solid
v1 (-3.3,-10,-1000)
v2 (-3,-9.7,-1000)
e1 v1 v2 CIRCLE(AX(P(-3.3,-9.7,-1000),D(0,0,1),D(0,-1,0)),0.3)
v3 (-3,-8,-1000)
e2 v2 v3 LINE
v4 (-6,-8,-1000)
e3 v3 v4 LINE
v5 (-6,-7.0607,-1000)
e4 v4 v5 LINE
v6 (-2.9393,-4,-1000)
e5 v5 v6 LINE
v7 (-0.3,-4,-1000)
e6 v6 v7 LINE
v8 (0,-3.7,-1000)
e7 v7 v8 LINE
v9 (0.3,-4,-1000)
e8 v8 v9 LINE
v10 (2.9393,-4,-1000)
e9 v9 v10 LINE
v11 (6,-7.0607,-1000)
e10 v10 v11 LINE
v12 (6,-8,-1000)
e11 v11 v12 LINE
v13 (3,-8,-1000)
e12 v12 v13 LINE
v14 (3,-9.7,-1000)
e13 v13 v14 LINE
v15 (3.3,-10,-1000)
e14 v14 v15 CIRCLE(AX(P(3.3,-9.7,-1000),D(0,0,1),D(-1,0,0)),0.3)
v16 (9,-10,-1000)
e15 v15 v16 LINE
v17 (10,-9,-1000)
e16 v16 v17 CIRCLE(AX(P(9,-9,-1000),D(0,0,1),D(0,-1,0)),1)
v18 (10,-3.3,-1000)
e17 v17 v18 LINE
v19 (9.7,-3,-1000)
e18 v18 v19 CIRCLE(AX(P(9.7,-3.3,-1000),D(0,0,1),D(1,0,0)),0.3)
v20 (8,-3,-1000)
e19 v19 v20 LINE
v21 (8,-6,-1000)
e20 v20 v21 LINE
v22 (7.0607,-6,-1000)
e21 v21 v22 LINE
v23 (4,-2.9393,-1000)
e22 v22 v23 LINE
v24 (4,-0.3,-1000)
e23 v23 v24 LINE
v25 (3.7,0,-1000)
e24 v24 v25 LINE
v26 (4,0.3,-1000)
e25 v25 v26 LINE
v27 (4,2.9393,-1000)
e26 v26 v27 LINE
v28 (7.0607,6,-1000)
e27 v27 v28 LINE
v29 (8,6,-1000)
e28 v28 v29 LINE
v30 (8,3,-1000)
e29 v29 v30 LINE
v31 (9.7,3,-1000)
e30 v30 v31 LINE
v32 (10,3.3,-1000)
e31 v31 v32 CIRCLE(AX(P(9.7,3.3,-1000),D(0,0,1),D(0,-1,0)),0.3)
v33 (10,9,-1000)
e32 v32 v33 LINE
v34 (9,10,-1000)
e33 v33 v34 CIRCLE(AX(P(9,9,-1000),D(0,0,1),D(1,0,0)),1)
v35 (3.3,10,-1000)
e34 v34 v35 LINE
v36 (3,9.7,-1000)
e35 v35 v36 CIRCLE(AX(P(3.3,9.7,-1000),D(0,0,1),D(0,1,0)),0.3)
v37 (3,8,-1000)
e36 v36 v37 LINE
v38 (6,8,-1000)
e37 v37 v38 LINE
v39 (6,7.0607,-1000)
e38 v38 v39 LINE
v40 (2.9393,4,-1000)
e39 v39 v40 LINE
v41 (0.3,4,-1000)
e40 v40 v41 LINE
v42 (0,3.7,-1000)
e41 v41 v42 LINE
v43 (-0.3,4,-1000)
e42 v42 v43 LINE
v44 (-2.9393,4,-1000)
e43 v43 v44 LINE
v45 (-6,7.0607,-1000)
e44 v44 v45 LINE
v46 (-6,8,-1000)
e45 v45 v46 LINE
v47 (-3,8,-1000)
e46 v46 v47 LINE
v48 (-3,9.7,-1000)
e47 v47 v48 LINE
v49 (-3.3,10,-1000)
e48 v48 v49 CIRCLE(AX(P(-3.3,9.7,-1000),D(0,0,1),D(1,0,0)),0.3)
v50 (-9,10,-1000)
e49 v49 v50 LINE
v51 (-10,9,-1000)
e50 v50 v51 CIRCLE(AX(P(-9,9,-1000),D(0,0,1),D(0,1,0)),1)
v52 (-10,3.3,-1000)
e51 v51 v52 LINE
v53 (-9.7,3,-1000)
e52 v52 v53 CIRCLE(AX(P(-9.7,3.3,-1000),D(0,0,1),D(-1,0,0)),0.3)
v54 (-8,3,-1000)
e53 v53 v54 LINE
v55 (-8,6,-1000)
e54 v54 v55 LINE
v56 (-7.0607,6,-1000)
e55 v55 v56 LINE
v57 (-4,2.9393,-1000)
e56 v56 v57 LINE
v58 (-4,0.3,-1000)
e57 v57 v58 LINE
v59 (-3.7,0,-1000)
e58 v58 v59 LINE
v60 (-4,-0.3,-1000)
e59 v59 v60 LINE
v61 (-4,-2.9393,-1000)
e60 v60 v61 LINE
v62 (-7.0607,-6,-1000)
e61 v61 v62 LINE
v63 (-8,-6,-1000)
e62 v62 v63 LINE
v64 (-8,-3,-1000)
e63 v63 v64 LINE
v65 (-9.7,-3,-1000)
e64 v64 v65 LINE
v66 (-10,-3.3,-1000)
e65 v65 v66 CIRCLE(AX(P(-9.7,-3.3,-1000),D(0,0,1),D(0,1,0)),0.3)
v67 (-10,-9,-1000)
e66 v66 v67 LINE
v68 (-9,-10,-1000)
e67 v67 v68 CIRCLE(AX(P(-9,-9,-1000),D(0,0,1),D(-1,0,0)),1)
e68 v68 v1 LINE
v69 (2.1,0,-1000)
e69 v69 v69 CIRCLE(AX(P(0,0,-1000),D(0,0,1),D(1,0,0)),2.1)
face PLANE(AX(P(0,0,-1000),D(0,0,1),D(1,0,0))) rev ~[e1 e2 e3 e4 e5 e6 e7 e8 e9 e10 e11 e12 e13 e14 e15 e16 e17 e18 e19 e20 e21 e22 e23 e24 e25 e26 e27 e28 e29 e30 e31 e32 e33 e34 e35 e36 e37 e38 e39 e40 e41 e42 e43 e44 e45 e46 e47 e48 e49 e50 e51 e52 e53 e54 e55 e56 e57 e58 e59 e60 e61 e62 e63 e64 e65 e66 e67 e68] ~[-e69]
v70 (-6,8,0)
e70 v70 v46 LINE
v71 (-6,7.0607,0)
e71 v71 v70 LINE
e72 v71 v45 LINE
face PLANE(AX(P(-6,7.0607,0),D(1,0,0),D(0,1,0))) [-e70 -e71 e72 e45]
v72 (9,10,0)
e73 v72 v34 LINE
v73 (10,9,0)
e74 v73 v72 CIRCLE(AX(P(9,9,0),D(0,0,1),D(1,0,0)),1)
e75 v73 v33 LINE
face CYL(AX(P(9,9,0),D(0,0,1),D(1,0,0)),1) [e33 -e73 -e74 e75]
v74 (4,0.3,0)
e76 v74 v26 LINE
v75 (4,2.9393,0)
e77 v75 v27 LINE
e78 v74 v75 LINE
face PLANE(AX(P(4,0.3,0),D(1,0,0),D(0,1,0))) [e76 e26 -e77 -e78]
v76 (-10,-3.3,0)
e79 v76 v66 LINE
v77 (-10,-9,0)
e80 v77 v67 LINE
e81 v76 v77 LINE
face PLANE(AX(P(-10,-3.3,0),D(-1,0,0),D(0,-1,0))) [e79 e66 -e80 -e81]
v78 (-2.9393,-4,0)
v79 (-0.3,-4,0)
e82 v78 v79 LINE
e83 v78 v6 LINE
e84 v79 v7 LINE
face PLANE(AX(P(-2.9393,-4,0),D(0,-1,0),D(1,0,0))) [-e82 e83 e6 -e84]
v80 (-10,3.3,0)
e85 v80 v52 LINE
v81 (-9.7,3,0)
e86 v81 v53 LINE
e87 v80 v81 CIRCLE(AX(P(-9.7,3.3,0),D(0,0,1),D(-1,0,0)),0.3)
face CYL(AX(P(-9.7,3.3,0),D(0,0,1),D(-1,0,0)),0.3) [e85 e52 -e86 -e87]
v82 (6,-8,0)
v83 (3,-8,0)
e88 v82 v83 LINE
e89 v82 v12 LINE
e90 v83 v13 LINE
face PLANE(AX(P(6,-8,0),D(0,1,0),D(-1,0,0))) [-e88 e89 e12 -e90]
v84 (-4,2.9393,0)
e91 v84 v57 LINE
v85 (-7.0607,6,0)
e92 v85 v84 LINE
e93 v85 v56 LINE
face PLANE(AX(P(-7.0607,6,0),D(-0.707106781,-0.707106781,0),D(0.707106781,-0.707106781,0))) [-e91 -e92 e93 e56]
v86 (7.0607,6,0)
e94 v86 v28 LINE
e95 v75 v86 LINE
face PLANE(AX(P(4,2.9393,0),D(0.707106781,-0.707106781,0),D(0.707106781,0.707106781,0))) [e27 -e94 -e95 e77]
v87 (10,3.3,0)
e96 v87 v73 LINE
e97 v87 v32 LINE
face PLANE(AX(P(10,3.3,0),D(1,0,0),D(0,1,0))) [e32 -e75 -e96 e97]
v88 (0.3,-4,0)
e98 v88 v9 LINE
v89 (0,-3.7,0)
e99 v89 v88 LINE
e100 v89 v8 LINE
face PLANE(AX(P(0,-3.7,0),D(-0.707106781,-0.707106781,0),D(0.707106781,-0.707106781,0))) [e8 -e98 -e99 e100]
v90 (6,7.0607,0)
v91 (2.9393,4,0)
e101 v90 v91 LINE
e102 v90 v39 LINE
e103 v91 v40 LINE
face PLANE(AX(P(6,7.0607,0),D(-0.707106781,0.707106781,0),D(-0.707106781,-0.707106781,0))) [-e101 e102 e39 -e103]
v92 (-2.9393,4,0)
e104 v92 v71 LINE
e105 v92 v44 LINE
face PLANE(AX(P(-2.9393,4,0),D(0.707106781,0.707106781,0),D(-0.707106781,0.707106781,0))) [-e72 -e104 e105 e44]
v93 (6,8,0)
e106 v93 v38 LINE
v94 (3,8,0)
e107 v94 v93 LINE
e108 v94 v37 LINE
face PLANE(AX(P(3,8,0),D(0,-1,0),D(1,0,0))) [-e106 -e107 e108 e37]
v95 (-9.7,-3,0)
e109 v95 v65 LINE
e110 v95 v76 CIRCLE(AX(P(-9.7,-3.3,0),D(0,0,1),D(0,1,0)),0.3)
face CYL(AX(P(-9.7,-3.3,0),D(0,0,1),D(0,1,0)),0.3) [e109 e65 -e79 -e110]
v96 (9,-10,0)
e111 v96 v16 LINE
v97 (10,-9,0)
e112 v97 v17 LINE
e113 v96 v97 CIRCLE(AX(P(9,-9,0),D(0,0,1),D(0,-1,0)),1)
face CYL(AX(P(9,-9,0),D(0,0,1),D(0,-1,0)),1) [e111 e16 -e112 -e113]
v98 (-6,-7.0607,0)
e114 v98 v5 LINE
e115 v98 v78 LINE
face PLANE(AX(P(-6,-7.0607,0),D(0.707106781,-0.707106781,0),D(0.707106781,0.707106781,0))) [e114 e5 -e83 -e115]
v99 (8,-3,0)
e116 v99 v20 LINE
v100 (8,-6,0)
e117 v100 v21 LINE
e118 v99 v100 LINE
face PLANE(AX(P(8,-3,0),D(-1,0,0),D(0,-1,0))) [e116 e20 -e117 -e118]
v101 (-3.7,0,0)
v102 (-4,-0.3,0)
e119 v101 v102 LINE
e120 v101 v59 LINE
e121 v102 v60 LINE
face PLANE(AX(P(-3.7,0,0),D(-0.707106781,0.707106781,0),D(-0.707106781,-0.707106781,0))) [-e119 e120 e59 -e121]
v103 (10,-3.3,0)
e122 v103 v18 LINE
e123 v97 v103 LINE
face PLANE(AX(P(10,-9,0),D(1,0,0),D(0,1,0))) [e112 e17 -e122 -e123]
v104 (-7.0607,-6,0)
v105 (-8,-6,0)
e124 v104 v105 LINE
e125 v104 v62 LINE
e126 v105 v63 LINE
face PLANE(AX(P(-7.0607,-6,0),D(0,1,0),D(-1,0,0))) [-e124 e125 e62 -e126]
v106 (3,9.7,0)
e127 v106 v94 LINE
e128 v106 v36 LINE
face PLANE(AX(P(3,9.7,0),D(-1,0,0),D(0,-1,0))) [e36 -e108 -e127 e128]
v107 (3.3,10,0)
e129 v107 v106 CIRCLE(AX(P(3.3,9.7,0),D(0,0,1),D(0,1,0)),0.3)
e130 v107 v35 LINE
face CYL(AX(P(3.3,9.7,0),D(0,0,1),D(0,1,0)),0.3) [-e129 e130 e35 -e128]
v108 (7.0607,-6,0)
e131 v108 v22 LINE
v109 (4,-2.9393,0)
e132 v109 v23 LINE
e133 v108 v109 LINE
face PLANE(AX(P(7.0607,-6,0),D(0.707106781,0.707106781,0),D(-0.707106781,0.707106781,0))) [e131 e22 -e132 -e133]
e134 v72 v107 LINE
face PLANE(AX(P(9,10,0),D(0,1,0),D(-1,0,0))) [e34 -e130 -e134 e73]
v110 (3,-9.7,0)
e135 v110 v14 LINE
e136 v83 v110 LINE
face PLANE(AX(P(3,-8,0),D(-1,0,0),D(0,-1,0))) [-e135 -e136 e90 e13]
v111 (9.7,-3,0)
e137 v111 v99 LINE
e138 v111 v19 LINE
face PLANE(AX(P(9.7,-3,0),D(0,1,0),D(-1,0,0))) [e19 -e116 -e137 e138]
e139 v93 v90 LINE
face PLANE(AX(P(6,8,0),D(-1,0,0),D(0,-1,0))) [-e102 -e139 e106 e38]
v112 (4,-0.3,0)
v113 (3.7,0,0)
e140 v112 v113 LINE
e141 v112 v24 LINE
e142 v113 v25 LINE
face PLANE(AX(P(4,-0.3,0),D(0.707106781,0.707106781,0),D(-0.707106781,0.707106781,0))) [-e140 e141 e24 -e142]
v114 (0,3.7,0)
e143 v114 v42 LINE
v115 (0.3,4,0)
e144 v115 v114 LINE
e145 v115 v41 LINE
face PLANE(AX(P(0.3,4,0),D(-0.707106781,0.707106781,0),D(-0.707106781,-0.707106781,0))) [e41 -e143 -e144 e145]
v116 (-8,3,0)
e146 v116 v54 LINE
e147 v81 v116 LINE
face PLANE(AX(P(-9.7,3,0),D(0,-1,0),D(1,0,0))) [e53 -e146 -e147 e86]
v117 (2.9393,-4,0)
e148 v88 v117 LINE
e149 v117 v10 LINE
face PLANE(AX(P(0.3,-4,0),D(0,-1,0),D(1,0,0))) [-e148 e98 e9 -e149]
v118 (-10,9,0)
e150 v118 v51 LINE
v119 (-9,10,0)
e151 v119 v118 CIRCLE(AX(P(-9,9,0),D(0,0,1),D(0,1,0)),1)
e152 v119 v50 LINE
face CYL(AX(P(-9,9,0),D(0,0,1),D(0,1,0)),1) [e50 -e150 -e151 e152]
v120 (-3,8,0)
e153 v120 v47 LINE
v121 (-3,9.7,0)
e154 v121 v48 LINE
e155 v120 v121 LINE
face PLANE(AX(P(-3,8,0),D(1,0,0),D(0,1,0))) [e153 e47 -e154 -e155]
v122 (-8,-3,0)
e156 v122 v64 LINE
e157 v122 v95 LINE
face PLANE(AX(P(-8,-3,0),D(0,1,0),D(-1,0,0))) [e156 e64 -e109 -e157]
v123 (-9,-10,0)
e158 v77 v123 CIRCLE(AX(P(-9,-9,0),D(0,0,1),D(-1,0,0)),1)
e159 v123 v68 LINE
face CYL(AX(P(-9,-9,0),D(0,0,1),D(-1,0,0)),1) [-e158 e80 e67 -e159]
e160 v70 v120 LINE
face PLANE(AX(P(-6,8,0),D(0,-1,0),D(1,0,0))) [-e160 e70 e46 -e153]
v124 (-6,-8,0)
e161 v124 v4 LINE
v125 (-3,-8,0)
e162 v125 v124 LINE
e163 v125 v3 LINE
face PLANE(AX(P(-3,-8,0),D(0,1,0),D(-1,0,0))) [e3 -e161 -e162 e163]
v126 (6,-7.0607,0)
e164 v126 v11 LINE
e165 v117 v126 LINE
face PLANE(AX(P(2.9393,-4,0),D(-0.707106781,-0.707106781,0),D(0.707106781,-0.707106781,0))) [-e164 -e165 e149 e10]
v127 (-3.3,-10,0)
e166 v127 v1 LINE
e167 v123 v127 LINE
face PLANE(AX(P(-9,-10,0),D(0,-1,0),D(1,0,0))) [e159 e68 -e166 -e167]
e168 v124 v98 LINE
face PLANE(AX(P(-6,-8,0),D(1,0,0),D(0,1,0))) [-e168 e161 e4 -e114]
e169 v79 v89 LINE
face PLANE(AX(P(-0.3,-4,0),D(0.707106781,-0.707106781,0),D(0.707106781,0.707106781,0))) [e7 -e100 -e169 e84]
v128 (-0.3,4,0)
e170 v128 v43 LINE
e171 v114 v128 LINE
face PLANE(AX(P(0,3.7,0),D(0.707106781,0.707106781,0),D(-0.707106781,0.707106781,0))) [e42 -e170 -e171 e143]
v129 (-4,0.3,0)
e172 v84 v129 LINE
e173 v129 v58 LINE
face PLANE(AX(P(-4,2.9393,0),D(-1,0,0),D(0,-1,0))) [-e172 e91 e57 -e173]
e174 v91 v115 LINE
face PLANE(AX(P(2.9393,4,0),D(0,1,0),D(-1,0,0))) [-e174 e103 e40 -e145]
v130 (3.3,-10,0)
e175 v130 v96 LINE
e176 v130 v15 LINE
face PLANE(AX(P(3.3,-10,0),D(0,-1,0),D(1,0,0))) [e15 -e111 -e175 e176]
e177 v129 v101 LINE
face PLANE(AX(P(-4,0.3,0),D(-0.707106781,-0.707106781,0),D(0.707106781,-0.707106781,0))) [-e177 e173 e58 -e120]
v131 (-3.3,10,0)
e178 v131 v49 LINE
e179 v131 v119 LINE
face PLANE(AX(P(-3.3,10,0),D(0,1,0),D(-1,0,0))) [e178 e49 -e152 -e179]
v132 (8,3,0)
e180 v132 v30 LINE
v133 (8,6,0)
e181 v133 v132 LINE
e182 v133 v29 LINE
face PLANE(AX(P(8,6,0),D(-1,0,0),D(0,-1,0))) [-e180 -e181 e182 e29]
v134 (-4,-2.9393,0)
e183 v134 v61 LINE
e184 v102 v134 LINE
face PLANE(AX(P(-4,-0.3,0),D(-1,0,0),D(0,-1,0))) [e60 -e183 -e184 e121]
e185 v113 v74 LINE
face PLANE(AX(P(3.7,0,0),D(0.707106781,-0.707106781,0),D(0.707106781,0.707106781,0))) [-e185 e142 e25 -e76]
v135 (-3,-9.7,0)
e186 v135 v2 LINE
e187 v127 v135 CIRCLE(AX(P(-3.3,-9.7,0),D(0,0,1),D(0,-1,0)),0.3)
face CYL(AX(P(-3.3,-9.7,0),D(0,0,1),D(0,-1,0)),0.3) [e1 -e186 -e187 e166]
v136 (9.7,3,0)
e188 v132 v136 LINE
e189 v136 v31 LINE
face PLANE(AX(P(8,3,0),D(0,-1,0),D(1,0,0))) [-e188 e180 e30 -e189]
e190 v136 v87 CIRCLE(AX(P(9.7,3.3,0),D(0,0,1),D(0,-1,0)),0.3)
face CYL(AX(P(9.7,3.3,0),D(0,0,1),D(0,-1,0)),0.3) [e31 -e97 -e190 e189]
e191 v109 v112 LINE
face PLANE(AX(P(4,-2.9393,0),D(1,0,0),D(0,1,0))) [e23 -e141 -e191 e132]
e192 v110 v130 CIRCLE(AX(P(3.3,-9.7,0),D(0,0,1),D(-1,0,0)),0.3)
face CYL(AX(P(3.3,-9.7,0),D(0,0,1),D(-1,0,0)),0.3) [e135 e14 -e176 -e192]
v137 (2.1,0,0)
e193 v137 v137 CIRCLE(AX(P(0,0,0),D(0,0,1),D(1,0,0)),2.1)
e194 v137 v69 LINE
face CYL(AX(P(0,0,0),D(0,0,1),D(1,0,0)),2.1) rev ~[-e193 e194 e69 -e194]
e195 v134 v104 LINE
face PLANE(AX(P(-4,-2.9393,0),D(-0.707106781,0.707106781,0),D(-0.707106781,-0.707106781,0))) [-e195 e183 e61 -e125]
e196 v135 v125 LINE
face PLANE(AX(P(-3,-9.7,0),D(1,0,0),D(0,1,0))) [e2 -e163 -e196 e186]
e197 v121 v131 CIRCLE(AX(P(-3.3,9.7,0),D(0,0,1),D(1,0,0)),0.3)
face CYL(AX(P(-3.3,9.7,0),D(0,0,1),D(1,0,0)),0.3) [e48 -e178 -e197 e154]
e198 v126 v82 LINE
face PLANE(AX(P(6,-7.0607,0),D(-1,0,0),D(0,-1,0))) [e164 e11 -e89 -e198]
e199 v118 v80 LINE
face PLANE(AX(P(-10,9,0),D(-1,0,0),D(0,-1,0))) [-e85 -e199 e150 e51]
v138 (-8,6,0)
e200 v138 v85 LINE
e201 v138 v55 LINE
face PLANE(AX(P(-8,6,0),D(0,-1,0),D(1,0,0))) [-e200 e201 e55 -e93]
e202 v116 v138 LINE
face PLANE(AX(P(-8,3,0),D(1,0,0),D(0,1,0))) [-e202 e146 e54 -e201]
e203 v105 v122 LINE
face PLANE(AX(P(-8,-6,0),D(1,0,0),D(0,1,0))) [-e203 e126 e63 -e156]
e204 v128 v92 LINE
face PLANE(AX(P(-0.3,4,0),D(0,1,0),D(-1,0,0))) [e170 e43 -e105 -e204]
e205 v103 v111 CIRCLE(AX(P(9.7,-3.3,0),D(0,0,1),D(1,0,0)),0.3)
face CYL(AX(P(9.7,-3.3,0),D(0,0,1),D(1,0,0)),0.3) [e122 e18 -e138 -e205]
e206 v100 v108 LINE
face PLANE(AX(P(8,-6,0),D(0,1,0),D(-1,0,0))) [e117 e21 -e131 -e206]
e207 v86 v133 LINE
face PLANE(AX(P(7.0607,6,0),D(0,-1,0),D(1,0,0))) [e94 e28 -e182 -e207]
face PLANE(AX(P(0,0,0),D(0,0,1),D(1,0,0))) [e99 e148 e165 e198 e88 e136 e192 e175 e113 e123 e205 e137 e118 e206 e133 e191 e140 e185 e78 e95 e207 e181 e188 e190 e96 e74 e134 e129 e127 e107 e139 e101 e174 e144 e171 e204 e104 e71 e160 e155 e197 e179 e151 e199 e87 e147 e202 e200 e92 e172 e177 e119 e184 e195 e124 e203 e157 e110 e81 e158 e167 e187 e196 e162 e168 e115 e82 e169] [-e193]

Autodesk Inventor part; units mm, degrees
ref_plane "YZ Plane" through (0, 0, 0) normal (1, 0, 0) x (0, 1, 0)
ref_plane "XZ Plane" through (0, 0, 0) normal (0, 1, 0) x (-1, 0, 0)
ref_plane "XY Plane" through (0, 0, 0) normal (0, 0, 1) x (1, 0, 0)
sketch "Sketch_5" plane through (0, 0, 0) normal (0, 0, 1) x (1, 0, 0)
  line L0 (-10, 9) -> (-10, 3.3)
  arc A0 (-10, 3.3) -> (-9.7, 3) centre (-9.7, 3.3) ccw
  line L1 (-9.7, 3) -> (-8, 3)
  line L2 (-8, 3) -> (-8, 6)
  line L3 (-8, 6) -> (-7.0607, 6)
  line L4 (-7.0607, 6) -> (-4, 2.9393)
  line L5 (-4, 2.9393) -> (-4, 0.3)
  line L6 (-4, 0.3) -> (-3.7, 0)
  line L7 (-3.7, 0) -> (-4, -0.3)
  line L8 (-4, -0.3) -> (-4, -2.9393)
  line L9 (-4, -2.9393) -> (-7.0607, -6)
  line L10 (-7.0607, -6) -> (-8, -6)
  line L11 (-8, -6) -> (-8, -3)
  line L12 (-8, -3) -> (-9.7, -3)
  arc A1 (-9.7, -3) -> (-10, -3.3) centre (-9.7, -3.3) ccw
  line L13 (-10, -3.3) -> (-10, -9)
  arc A2 (-10, -9) -> (-9, -10) centre (-9, -9) ccw
  line L14 (-9, -10) -> (-3.3, -10)
  arc A3 (-3.3, -10) -> (-3, -9.7) centre (-3.3, -9.7) ccw
  line L15 (-3, -9.7) -> (-3, -8)
  line L16 (-3, -8) -> (-6, -8)
  line L17 (-6, -8) -> (-6, -7.0607)
  line L18 (-6, -7.0607) -> (-2.9393, -4)
  line L19 (-2.9393, -4) -> (-0.3, -4)
  line L20 (-0.3, -4) -> (0, -3.7)
  line L21 (0, -3.7) -> (0.3, -4)
  line L22 (0.3, -4) -> (2.9393, -4)
  line L23 (2.9393, -4) -> (6, -7.0607)
  line L24 (6, -7.0607) -> (6, -8)
  line L25 (6, -8) -> (3, -8)
  line L26 (3, -8) -> (3, -9.7)
  arc A4 (3, -9.7) -> (3.3, -10) centre (3.3, -9.7) ccw
  line L27 (3.3, -10) -> (9, -10)
  arc A5 (9, -10) -> (10, -9) centre (9, -9) ccw
  line L28 (10, -9) -> (10, -3.3)
  arc A6 (10, -3.3) -> (9.7, -3) centre (9.7, -3.3) ccw
  line L29 (9.7, -3) -> (8, -3)
  line L30 (8, -3) -> (8, -6)
  line L31 (8, -6) -> (7.0607, -6)
  line L32 (7.0607, -6) -> (4, -2.9393)
  line L33 (4, -2.9393) -> (4, -0.3)
  line L34 (4, -0.3) -> (3.7, 0)
  line L35 (3.7, 0) -> (4, 0.3)
  line L36 (4, 0.3) -> (4, 2.9393)
  line L37 (4, 2.9393) -> (7.0607, 6)
  line L38 (7.0607, 6) -> (8, 6)
  line L39 (8, 6) -> (8, 3)
  line L40 (8, 3) -> (9.7, 3)
  arc A7 (9.7, 3) -> (10, 3.3) centre (9.7, 3.3) ccw
  line L41 (10, 3.3) -> (10, 9)
  arc A8 (10, 9) -> (9, 10) centre (9, 9) ccw
  line L42 (9, 10) -> (3.3, 10)
  arc A9 (3.3, 10) -> (3, 9.7) centre (3.3, 9.7) ccw
  line L43 (3, 9.7) -> (3, 8)
  line L44 (3, 8) -> (6, 8)
  line L45 (6, 8) -> (6, 7.0607)
  line L46 (6, 7.0607) -> (2.9393, 4)
  line L47 (2.9393, 4) -> (0.3, 4)
  line L48 (0.3, 4) -> (0, 3.7)
  line L49 (0, 3.7) -> (-0.3, 4)
  line L50 (-0.3, 4) -> (-2.9393, 4)
  line L51 (-2.9393, 4) -> (-6, 7.0607)
  line L52 (-6, 7.0607) -> (-6, 8)
  line L53 (-6, 8) -> (-3, 8)
  line L54 (-3, 8) -> (-3, 9.7)
  arc A10 (-3, 9.7) -> (-3.3, 10) centre (-3.3, 9.7) ccw
  line L55 (-3.3, 10) -> (-9, 10)
  arc A11 (-9, 10) -> (-10, 9) centre (-9, 9) ccw
  circle A12 centre (0, 0) radius 2.1
extrude "Extrusion1" add sketch "Sketch_5" against normal blind 1000
properties part number "KHFS5-2020-4000" material "Aluminum 6061"
